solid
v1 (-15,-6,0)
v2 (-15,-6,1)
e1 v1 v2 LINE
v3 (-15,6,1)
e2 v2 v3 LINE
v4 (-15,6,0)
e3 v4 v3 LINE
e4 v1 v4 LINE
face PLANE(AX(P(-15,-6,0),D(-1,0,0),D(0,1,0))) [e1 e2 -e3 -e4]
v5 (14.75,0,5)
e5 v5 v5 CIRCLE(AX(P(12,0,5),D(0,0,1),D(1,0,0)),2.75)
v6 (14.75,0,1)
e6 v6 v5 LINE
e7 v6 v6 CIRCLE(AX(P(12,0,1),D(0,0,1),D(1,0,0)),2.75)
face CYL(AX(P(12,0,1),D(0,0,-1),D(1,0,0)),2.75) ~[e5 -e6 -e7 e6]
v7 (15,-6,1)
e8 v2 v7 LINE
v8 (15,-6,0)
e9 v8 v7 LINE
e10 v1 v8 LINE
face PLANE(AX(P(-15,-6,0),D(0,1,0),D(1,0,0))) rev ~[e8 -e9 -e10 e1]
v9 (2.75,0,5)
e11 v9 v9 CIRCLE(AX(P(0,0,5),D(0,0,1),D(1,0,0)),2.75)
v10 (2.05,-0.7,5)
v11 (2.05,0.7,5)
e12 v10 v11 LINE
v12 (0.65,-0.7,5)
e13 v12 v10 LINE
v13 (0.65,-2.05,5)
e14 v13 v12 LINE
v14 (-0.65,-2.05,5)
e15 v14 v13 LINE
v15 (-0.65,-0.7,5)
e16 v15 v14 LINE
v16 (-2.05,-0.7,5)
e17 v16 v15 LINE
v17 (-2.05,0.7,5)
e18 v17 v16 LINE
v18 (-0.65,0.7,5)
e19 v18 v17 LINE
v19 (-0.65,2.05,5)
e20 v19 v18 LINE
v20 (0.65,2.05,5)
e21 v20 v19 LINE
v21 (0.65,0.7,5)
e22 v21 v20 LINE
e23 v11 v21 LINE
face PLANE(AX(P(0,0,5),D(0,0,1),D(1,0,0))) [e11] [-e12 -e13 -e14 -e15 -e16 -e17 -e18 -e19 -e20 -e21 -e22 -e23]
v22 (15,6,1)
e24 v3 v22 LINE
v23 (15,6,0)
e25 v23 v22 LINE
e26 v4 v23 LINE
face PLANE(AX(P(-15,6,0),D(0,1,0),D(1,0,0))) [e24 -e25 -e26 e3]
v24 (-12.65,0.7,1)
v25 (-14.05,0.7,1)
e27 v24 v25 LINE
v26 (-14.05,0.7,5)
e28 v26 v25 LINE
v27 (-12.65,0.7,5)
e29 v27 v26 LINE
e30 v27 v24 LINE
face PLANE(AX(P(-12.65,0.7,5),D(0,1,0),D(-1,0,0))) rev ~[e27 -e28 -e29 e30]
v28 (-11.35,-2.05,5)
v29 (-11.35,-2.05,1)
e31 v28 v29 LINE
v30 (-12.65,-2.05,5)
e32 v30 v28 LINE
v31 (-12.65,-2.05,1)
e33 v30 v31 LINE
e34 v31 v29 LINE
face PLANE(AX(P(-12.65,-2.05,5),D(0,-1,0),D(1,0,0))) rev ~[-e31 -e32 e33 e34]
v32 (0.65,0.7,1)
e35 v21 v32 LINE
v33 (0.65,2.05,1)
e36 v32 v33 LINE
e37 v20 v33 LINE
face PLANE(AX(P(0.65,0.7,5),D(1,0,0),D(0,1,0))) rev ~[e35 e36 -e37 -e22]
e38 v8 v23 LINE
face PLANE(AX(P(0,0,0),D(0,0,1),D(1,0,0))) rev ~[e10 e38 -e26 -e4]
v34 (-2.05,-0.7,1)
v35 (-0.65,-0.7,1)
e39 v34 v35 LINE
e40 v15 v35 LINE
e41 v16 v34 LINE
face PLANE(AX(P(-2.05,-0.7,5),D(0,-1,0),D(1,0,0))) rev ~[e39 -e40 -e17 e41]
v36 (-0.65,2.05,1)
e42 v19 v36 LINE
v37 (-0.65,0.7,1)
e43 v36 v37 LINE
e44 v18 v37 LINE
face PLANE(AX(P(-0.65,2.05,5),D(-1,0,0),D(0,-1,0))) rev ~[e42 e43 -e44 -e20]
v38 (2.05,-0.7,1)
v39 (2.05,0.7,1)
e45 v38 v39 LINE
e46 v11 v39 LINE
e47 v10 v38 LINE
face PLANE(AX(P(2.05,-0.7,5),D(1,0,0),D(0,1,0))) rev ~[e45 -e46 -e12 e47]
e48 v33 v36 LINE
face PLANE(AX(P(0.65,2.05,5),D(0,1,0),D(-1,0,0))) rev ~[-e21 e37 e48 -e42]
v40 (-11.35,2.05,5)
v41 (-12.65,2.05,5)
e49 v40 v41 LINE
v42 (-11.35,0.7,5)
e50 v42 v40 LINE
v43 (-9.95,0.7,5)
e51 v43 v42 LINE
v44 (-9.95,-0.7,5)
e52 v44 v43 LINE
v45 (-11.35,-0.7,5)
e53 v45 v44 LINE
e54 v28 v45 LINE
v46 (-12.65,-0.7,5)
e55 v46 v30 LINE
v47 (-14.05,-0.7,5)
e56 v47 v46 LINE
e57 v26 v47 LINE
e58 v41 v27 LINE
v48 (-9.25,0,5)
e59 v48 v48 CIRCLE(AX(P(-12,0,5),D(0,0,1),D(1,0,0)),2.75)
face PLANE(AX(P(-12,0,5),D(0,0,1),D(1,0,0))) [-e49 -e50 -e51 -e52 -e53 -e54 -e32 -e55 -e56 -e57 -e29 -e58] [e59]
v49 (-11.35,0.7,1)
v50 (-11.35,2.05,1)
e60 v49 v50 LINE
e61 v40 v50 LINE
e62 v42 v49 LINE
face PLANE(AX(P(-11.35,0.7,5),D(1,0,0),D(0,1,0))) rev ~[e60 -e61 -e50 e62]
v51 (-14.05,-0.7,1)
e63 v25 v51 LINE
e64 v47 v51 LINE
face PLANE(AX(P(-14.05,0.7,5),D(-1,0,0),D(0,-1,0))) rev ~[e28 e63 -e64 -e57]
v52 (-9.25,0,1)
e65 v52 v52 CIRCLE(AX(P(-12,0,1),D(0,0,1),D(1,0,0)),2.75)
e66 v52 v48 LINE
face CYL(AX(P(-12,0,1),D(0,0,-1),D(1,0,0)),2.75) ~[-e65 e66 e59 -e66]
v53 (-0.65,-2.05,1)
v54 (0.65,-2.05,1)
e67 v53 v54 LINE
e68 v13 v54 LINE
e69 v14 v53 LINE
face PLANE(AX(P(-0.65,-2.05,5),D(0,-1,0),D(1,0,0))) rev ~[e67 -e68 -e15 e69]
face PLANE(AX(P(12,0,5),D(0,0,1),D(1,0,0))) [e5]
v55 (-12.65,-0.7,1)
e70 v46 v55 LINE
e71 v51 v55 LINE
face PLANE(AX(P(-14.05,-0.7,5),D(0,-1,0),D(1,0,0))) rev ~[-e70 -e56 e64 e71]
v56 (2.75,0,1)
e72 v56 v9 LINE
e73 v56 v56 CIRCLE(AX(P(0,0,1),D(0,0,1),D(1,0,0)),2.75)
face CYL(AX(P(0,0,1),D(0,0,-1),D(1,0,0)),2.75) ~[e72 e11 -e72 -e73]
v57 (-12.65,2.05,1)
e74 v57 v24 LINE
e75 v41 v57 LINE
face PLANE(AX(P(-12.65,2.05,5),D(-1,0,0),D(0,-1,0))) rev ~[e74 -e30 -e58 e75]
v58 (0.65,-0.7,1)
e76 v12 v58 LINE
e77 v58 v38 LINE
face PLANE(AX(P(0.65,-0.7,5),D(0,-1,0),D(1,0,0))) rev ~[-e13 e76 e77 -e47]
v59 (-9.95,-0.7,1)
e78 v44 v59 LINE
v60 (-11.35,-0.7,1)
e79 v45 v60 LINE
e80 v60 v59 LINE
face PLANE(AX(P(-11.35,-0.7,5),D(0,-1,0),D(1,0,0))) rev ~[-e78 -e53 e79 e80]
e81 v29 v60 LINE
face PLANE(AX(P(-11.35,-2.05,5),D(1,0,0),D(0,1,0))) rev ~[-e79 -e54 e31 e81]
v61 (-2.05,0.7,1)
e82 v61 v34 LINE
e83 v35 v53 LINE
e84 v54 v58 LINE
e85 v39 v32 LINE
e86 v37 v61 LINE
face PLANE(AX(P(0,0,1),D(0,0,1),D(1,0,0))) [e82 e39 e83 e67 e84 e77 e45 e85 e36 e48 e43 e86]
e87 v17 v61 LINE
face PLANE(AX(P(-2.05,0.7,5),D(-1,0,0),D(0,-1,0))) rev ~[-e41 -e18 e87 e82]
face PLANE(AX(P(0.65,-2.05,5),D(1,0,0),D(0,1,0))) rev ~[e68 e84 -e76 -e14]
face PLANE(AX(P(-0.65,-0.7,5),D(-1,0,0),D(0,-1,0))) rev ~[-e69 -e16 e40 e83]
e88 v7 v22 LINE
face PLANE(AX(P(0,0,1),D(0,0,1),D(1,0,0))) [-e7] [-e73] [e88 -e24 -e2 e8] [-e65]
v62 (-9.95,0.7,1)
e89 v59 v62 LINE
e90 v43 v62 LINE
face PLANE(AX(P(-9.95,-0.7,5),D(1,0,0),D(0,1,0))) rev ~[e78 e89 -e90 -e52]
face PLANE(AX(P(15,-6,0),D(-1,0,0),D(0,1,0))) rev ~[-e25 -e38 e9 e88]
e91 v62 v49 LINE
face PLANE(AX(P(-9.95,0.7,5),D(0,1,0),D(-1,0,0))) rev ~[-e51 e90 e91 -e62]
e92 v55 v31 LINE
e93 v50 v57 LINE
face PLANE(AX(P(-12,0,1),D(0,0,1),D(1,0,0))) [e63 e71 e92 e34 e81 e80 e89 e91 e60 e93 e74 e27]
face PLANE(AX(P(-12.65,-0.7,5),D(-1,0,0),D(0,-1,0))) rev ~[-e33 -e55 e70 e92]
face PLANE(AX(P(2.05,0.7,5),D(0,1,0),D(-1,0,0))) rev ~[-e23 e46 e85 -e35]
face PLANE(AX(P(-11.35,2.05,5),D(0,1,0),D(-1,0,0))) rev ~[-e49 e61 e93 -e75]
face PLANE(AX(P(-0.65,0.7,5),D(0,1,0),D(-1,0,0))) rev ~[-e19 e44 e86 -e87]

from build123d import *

# Parameters (mm, degrees)
SKETCH_W     = 30
SKETCH_H     = 12
PAD_DEPTH    = 1
SKETCH001_R  = 2.75
PAD001_DEPTH = 4
POCKET_DEPTH = 4


with BuildPart() as part:
    # Sketch → Pad (new body)
    with BuildSketch(Plane.XY):
        Rectangle(SKETCH_W, SKETCH_H)
    extrude(amount=PAD_DEPTH)

    # Sketch001 (on Face6 of Pad) → Pad001 (join)
    with BuildSketch(Plane.XY.offset(1)):
        Circle(SKETCH001_R)
        with Locations((-12, 0)):
            Circle(SKETCH001_R)
        with Locations((12, 0)):
            Circle(SKETCH001_R)
    extrude(amount=PAD001_DEPTH)

    # Sketch002 (on Face11 of Pad001) → Pocket (cut)
    with BuildSketch(Plane.XY.offset(5)):
        Polygon((-0.65, 2.05), (-0.65, 0.7), (-2.05, 0.7), (-2.05, -0.7), (-0.65, -0.7), (-0.65, -2.05), (0.65, -2.05), (0.65, -0.7), (2.05, -0.7), (2.05, 0.7), (0.65, 0.7), (0.65, 2.05), align=None)
        Polygon((-12.65, 2.05), (-12.65, 0.7), (-14.05, 0.7), (-14.05, -0.7), (-12.65, -0.7), (-12.65, -2.05), (-11.35, -2.05), (-11.35, -0.7), (-9.95, -0.7), (-9.95, 0.7), (-11.35, 0.7), (-11.35, 2.05), align=None)
    extrude(amount=-POCKET_DEPTH, mode=Mode.SUBTRACT)


solid = part.part
